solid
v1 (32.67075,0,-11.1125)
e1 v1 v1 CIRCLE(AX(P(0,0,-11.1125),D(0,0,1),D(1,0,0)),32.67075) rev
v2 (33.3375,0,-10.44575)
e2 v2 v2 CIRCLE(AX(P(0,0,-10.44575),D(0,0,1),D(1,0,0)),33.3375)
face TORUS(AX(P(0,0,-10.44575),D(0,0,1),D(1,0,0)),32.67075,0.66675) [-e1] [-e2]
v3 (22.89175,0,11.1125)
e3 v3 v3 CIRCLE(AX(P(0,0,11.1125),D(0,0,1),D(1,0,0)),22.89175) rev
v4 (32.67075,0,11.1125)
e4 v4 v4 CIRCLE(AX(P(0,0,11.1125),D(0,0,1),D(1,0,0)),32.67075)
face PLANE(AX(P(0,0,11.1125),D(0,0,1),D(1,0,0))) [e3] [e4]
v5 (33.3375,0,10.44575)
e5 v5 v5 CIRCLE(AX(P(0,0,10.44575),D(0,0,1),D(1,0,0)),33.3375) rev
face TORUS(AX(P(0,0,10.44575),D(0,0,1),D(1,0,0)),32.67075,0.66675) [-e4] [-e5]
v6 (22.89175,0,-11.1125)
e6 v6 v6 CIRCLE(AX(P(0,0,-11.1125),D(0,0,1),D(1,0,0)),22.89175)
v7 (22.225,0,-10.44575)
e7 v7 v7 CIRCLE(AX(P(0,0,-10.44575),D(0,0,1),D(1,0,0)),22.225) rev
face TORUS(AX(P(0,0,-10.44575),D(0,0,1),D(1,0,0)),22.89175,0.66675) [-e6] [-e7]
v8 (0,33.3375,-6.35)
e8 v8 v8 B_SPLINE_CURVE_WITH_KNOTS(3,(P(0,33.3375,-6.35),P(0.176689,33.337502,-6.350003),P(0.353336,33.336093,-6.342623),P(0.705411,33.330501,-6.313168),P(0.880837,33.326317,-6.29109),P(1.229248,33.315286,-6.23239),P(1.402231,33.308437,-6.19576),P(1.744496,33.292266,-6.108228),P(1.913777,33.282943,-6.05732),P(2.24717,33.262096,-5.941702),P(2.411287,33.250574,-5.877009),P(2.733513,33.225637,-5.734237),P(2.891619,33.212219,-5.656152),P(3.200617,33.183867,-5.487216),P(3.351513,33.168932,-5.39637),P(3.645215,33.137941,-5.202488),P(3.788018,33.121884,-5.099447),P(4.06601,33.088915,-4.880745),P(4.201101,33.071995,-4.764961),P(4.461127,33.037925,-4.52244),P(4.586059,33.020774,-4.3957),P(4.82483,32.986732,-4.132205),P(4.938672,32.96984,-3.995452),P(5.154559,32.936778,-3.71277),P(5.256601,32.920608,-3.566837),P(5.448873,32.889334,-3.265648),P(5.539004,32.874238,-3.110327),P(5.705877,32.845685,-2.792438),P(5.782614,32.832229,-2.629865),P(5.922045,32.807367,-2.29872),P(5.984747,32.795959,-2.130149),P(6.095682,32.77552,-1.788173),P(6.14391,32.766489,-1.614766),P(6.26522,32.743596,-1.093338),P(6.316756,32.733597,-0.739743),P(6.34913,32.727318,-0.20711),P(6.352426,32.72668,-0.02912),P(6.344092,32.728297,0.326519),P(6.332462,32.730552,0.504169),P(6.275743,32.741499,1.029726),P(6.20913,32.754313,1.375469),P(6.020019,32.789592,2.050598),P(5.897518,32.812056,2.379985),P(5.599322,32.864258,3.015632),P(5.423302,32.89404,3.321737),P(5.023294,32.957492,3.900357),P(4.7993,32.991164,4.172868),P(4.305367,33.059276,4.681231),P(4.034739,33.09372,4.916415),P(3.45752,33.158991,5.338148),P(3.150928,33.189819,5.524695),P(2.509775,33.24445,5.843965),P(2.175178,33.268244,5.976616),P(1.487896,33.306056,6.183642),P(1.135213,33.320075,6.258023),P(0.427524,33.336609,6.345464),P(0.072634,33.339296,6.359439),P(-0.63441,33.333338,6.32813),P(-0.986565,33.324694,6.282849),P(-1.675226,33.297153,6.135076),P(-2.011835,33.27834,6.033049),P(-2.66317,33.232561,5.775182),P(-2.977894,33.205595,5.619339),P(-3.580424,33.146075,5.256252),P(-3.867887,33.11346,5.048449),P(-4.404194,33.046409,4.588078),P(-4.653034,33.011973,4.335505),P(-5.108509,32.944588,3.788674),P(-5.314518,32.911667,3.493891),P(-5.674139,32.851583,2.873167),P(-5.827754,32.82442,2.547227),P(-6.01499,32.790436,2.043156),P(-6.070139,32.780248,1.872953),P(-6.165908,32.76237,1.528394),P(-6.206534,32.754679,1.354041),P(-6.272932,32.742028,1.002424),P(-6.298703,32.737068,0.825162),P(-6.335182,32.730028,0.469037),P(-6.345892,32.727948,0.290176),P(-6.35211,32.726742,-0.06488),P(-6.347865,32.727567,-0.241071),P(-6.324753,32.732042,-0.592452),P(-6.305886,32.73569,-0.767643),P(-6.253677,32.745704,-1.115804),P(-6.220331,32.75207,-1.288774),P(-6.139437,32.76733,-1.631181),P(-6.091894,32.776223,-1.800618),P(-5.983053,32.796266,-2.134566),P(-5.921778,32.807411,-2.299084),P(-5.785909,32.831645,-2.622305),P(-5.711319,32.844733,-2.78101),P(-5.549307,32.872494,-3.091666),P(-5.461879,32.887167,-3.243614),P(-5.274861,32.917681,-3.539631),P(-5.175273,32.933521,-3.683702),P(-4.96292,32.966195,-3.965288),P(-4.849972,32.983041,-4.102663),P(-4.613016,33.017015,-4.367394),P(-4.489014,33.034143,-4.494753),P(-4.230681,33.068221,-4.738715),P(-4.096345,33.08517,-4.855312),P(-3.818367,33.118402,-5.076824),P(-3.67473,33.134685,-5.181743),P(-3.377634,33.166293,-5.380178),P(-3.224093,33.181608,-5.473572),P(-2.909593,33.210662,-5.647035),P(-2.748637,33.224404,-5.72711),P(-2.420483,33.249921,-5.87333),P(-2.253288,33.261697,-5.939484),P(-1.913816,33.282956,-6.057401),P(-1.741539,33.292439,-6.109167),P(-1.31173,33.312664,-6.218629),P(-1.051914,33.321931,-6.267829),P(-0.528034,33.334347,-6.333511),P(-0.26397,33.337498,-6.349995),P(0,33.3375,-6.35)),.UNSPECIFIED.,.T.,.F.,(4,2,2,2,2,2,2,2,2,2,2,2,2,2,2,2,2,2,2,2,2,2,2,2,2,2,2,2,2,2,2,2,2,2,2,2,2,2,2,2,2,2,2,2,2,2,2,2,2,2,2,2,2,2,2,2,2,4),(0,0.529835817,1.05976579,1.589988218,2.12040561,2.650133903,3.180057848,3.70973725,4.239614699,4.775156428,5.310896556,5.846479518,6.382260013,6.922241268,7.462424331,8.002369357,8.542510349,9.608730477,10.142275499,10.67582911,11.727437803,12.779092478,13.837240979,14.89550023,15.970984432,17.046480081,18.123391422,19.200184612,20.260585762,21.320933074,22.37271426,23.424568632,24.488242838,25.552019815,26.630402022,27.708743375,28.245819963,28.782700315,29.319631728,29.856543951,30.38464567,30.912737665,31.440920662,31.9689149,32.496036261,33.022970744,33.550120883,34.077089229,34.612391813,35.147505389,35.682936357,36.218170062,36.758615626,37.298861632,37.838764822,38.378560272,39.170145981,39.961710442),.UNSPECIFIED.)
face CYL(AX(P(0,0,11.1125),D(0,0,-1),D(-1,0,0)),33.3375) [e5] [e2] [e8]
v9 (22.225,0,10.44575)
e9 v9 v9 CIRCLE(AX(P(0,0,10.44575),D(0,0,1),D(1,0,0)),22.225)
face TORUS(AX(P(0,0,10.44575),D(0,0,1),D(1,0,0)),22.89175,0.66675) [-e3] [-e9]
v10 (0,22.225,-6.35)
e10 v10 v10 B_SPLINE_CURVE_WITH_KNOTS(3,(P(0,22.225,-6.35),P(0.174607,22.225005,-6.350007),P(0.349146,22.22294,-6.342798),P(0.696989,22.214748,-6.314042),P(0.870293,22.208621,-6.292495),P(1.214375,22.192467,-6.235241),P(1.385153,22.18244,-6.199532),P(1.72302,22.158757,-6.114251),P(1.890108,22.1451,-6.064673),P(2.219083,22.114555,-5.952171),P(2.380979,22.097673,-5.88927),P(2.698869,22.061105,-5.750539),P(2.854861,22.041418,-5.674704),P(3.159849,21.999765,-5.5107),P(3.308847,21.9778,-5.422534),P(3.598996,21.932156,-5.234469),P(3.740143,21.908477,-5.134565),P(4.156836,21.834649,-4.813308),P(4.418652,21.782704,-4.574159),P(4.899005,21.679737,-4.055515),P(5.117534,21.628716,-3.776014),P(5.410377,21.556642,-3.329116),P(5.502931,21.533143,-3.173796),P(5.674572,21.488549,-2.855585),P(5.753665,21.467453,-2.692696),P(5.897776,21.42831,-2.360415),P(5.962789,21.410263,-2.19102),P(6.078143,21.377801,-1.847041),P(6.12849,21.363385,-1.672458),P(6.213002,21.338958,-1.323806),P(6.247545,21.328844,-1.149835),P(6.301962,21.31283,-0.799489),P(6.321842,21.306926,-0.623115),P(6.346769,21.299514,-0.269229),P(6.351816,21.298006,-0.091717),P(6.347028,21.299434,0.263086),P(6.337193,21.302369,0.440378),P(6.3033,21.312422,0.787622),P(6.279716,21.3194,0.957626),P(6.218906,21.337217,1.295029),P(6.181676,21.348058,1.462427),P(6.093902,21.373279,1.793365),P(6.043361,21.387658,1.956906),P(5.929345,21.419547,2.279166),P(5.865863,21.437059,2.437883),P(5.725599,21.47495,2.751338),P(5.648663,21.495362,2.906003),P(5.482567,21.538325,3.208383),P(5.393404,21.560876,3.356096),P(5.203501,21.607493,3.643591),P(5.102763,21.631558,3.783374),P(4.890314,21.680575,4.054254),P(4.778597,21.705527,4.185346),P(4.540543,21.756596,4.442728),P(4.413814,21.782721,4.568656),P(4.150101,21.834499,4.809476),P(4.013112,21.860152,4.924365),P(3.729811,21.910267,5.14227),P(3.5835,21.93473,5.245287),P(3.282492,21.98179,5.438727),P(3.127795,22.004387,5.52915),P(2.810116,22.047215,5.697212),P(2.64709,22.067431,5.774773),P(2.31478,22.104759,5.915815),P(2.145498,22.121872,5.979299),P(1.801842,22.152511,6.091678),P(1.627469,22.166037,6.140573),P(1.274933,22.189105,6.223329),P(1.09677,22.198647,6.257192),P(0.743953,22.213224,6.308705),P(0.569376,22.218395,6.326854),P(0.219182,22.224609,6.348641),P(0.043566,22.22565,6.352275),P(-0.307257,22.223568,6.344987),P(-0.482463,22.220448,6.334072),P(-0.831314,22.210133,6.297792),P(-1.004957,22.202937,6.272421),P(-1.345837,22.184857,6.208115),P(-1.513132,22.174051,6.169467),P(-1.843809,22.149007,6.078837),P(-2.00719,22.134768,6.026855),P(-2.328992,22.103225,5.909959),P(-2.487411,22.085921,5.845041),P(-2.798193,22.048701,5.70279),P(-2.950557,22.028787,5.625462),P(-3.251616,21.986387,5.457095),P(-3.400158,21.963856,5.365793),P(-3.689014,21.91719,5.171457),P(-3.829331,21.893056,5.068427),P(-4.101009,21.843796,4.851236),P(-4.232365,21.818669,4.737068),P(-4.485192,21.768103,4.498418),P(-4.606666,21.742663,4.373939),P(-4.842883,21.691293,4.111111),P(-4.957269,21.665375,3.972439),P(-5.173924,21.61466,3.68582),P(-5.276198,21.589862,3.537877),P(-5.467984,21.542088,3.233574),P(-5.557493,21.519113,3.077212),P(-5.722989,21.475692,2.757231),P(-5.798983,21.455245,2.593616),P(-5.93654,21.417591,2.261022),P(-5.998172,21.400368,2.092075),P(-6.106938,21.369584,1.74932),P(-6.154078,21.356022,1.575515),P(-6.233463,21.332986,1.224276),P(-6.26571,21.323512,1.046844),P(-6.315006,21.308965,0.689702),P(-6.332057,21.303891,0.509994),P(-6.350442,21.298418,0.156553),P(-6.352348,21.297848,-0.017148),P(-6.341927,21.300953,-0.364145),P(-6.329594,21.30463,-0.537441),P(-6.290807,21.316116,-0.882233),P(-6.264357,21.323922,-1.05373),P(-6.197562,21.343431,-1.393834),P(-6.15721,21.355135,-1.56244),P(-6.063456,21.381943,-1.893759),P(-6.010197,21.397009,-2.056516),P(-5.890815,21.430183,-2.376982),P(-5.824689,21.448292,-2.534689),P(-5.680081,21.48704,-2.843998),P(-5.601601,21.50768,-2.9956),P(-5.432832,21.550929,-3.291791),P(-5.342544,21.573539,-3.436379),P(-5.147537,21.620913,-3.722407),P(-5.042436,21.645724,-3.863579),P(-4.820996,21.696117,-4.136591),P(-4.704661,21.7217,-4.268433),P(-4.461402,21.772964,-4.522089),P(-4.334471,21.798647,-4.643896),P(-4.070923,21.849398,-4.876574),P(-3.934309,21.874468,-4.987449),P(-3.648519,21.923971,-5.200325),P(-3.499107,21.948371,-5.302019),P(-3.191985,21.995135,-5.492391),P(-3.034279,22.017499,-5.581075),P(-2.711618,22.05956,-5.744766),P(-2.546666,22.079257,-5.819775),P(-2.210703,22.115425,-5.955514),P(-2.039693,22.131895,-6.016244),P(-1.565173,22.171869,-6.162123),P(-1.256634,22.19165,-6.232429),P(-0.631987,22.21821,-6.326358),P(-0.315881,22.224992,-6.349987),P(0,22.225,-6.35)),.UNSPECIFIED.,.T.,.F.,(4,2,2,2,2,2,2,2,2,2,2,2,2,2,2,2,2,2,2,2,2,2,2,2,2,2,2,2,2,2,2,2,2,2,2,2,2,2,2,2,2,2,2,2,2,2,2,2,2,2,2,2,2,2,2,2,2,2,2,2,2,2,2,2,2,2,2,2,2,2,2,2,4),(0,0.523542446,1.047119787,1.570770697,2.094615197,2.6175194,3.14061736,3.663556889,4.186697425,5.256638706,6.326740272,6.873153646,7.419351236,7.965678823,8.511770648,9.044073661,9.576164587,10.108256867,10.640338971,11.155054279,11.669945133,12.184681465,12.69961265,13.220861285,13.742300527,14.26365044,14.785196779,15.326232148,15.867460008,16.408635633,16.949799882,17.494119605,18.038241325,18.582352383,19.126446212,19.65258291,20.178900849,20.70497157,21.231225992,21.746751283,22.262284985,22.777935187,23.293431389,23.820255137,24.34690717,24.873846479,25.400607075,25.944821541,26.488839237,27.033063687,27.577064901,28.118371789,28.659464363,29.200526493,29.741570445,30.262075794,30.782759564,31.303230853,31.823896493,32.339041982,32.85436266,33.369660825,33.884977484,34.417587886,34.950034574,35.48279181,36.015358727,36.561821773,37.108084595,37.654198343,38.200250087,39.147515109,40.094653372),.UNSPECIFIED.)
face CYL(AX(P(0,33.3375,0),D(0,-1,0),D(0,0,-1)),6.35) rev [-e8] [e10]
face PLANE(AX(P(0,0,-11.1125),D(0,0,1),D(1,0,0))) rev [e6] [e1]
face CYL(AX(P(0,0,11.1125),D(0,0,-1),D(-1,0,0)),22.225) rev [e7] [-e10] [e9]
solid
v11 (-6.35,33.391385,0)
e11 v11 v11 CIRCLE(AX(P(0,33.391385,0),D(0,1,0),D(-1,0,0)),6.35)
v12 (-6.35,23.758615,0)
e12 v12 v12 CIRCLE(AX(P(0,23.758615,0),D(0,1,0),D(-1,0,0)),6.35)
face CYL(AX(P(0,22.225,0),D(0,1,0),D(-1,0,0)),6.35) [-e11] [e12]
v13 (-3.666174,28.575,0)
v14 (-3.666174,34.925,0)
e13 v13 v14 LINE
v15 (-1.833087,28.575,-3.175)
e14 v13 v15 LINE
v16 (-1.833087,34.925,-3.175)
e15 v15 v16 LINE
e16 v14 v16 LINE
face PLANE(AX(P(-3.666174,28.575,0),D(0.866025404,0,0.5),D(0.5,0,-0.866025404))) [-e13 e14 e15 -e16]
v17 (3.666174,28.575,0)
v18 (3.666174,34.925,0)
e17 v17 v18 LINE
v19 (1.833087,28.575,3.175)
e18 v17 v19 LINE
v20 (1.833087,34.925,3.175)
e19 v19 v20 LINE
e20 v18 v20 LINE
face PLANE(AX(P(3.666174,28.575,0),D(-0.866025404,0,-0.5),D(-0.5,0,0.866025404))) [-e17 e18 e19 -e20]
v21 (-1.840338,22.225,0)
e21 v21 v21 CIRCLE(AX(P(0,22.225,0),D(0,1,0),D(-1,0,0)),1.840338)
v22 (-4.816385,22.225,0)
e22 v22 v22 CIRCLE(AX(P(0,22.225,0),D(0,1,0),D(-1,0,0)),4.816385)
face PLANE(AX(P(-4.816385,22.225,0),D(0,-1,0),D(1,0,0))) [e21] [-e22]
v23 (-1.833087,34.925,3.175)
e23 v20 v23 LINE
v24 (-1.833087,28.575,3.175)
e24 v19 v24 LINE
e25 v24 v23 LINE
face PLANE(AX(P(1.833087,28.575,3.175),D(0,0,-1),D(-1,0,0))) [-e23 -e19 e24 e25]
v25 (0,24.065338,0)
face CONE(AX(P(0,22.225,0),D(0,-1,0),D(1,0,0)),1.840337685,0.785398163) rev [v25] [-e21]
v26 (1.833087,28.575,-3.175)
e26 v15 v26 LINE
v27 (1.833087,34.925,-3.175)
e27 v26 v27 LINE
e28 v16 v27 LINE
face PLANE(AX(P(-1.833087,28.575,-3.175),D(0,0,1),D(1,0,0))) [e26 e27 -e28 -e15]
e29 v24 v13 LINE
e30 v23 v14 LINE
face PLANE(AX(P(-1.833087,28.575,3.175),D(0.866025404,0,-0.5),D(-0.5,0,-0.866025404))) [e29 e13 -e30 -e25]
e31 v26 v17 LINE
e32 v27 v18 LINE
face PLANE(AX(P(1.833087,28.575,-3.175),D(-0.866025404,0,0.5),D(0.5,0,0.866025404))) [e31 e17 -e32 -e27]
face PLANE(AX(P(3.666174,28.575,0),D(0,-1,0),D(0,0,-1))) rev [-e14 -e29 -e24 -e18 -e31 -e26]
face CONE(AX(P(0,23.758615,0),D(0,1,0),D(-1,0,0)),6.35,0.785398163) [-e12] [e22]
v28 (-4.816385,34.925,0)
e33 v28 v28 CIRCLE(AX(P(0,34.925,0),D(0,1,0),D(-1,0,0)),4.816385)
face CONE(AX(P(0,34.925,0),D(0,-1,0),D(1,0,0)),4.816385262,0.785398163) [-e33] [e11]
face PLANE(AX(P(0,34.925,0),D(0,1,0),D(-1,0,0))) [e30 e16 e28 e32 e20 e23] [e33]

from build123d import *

# Parameters (mm, degrees)
SKETCH1_R          = 33.3375
SKETCH1_R_2        = 22.225
EXTRUDE1_DEPTH     = 11.1125
SKETCH2_R          = 6.35
CUT_EXTRUDE1_DEPTH = 83.47364257
FILLET1_R          = 0.66675
CUT_EXTRUDE2_DEPTH = 6.35


with BuildPart() as part:
    # Sketch1 → Extrude1 (new, symmetric)
    with BuildSketch(Plane.XY):
        Circle(SKETCH1_R)
        Circle(SKETCH1_R_2, mode=Mode.SUBTRACT)
    extrude(amount=EXTRUDE1_DEPTH, both=True)

    # Sketch2 → Cut-Extrude1 (cut, through all)
    with BuildSketch(Plane(origin=(41.275, 0, 0), x_dir=(0, 0, -1), z_dir=(0, -1, 0))):
        with Locations((0, -41.275)):
            Circle(SKETCH2_R)
    extrude(amount=-CUT_EXTRUDE1_DEPTH, mode=Mode.SUBTRACT)

    # Fillet1
    fillet1_edges = [part.edges().sort_by_distance(p)[0] for p in [
        (-33.3375, 0, -11.1125),
        (-33.3375, 0, 11.1125),
        (-22.225, 0, -11.1125),
        (-22.225, 0, 11.1125),
    ]]
    fillet(fillet1_edges, radius=FILLET1_R)


with BuildPart() as body_2:
    # Sketch3 → Revolve1 (revolve)
    with BuildSketch(Plane.XY):
        Polygon((-4.816385262, 22.225), (-1.840337685, 22.225), (0, 24.065337685), (0, 34.925), (-4.816385262, 34.925), (-6.35, 33.391385262), (-6.35, 23.758614738), align=None)
    revolve(axis=Axis((0, 22.225, 0), (0, -1, 0)))

    # Sketch4 → Cut-Extrude2 (cut)
    with BuildSketch(Plane(origin=(3.3734375, 34.925, 0), x_dir=(0, 0, -1), z_dir=(0, -1, 0))):
        Polygon((0, 0.292736709), (-3.175, -1.540350395), (-3.175, -5.206524605), (0, -7.039611709), (3.175, -5.206524605), (3.175, -1.540350395), align=None)
    extrude(amount=CUT_EXTRUDE2_DEPTH, mode=Mode.SUBTRACT)


solid = Compound([part.part, body_2.part])
